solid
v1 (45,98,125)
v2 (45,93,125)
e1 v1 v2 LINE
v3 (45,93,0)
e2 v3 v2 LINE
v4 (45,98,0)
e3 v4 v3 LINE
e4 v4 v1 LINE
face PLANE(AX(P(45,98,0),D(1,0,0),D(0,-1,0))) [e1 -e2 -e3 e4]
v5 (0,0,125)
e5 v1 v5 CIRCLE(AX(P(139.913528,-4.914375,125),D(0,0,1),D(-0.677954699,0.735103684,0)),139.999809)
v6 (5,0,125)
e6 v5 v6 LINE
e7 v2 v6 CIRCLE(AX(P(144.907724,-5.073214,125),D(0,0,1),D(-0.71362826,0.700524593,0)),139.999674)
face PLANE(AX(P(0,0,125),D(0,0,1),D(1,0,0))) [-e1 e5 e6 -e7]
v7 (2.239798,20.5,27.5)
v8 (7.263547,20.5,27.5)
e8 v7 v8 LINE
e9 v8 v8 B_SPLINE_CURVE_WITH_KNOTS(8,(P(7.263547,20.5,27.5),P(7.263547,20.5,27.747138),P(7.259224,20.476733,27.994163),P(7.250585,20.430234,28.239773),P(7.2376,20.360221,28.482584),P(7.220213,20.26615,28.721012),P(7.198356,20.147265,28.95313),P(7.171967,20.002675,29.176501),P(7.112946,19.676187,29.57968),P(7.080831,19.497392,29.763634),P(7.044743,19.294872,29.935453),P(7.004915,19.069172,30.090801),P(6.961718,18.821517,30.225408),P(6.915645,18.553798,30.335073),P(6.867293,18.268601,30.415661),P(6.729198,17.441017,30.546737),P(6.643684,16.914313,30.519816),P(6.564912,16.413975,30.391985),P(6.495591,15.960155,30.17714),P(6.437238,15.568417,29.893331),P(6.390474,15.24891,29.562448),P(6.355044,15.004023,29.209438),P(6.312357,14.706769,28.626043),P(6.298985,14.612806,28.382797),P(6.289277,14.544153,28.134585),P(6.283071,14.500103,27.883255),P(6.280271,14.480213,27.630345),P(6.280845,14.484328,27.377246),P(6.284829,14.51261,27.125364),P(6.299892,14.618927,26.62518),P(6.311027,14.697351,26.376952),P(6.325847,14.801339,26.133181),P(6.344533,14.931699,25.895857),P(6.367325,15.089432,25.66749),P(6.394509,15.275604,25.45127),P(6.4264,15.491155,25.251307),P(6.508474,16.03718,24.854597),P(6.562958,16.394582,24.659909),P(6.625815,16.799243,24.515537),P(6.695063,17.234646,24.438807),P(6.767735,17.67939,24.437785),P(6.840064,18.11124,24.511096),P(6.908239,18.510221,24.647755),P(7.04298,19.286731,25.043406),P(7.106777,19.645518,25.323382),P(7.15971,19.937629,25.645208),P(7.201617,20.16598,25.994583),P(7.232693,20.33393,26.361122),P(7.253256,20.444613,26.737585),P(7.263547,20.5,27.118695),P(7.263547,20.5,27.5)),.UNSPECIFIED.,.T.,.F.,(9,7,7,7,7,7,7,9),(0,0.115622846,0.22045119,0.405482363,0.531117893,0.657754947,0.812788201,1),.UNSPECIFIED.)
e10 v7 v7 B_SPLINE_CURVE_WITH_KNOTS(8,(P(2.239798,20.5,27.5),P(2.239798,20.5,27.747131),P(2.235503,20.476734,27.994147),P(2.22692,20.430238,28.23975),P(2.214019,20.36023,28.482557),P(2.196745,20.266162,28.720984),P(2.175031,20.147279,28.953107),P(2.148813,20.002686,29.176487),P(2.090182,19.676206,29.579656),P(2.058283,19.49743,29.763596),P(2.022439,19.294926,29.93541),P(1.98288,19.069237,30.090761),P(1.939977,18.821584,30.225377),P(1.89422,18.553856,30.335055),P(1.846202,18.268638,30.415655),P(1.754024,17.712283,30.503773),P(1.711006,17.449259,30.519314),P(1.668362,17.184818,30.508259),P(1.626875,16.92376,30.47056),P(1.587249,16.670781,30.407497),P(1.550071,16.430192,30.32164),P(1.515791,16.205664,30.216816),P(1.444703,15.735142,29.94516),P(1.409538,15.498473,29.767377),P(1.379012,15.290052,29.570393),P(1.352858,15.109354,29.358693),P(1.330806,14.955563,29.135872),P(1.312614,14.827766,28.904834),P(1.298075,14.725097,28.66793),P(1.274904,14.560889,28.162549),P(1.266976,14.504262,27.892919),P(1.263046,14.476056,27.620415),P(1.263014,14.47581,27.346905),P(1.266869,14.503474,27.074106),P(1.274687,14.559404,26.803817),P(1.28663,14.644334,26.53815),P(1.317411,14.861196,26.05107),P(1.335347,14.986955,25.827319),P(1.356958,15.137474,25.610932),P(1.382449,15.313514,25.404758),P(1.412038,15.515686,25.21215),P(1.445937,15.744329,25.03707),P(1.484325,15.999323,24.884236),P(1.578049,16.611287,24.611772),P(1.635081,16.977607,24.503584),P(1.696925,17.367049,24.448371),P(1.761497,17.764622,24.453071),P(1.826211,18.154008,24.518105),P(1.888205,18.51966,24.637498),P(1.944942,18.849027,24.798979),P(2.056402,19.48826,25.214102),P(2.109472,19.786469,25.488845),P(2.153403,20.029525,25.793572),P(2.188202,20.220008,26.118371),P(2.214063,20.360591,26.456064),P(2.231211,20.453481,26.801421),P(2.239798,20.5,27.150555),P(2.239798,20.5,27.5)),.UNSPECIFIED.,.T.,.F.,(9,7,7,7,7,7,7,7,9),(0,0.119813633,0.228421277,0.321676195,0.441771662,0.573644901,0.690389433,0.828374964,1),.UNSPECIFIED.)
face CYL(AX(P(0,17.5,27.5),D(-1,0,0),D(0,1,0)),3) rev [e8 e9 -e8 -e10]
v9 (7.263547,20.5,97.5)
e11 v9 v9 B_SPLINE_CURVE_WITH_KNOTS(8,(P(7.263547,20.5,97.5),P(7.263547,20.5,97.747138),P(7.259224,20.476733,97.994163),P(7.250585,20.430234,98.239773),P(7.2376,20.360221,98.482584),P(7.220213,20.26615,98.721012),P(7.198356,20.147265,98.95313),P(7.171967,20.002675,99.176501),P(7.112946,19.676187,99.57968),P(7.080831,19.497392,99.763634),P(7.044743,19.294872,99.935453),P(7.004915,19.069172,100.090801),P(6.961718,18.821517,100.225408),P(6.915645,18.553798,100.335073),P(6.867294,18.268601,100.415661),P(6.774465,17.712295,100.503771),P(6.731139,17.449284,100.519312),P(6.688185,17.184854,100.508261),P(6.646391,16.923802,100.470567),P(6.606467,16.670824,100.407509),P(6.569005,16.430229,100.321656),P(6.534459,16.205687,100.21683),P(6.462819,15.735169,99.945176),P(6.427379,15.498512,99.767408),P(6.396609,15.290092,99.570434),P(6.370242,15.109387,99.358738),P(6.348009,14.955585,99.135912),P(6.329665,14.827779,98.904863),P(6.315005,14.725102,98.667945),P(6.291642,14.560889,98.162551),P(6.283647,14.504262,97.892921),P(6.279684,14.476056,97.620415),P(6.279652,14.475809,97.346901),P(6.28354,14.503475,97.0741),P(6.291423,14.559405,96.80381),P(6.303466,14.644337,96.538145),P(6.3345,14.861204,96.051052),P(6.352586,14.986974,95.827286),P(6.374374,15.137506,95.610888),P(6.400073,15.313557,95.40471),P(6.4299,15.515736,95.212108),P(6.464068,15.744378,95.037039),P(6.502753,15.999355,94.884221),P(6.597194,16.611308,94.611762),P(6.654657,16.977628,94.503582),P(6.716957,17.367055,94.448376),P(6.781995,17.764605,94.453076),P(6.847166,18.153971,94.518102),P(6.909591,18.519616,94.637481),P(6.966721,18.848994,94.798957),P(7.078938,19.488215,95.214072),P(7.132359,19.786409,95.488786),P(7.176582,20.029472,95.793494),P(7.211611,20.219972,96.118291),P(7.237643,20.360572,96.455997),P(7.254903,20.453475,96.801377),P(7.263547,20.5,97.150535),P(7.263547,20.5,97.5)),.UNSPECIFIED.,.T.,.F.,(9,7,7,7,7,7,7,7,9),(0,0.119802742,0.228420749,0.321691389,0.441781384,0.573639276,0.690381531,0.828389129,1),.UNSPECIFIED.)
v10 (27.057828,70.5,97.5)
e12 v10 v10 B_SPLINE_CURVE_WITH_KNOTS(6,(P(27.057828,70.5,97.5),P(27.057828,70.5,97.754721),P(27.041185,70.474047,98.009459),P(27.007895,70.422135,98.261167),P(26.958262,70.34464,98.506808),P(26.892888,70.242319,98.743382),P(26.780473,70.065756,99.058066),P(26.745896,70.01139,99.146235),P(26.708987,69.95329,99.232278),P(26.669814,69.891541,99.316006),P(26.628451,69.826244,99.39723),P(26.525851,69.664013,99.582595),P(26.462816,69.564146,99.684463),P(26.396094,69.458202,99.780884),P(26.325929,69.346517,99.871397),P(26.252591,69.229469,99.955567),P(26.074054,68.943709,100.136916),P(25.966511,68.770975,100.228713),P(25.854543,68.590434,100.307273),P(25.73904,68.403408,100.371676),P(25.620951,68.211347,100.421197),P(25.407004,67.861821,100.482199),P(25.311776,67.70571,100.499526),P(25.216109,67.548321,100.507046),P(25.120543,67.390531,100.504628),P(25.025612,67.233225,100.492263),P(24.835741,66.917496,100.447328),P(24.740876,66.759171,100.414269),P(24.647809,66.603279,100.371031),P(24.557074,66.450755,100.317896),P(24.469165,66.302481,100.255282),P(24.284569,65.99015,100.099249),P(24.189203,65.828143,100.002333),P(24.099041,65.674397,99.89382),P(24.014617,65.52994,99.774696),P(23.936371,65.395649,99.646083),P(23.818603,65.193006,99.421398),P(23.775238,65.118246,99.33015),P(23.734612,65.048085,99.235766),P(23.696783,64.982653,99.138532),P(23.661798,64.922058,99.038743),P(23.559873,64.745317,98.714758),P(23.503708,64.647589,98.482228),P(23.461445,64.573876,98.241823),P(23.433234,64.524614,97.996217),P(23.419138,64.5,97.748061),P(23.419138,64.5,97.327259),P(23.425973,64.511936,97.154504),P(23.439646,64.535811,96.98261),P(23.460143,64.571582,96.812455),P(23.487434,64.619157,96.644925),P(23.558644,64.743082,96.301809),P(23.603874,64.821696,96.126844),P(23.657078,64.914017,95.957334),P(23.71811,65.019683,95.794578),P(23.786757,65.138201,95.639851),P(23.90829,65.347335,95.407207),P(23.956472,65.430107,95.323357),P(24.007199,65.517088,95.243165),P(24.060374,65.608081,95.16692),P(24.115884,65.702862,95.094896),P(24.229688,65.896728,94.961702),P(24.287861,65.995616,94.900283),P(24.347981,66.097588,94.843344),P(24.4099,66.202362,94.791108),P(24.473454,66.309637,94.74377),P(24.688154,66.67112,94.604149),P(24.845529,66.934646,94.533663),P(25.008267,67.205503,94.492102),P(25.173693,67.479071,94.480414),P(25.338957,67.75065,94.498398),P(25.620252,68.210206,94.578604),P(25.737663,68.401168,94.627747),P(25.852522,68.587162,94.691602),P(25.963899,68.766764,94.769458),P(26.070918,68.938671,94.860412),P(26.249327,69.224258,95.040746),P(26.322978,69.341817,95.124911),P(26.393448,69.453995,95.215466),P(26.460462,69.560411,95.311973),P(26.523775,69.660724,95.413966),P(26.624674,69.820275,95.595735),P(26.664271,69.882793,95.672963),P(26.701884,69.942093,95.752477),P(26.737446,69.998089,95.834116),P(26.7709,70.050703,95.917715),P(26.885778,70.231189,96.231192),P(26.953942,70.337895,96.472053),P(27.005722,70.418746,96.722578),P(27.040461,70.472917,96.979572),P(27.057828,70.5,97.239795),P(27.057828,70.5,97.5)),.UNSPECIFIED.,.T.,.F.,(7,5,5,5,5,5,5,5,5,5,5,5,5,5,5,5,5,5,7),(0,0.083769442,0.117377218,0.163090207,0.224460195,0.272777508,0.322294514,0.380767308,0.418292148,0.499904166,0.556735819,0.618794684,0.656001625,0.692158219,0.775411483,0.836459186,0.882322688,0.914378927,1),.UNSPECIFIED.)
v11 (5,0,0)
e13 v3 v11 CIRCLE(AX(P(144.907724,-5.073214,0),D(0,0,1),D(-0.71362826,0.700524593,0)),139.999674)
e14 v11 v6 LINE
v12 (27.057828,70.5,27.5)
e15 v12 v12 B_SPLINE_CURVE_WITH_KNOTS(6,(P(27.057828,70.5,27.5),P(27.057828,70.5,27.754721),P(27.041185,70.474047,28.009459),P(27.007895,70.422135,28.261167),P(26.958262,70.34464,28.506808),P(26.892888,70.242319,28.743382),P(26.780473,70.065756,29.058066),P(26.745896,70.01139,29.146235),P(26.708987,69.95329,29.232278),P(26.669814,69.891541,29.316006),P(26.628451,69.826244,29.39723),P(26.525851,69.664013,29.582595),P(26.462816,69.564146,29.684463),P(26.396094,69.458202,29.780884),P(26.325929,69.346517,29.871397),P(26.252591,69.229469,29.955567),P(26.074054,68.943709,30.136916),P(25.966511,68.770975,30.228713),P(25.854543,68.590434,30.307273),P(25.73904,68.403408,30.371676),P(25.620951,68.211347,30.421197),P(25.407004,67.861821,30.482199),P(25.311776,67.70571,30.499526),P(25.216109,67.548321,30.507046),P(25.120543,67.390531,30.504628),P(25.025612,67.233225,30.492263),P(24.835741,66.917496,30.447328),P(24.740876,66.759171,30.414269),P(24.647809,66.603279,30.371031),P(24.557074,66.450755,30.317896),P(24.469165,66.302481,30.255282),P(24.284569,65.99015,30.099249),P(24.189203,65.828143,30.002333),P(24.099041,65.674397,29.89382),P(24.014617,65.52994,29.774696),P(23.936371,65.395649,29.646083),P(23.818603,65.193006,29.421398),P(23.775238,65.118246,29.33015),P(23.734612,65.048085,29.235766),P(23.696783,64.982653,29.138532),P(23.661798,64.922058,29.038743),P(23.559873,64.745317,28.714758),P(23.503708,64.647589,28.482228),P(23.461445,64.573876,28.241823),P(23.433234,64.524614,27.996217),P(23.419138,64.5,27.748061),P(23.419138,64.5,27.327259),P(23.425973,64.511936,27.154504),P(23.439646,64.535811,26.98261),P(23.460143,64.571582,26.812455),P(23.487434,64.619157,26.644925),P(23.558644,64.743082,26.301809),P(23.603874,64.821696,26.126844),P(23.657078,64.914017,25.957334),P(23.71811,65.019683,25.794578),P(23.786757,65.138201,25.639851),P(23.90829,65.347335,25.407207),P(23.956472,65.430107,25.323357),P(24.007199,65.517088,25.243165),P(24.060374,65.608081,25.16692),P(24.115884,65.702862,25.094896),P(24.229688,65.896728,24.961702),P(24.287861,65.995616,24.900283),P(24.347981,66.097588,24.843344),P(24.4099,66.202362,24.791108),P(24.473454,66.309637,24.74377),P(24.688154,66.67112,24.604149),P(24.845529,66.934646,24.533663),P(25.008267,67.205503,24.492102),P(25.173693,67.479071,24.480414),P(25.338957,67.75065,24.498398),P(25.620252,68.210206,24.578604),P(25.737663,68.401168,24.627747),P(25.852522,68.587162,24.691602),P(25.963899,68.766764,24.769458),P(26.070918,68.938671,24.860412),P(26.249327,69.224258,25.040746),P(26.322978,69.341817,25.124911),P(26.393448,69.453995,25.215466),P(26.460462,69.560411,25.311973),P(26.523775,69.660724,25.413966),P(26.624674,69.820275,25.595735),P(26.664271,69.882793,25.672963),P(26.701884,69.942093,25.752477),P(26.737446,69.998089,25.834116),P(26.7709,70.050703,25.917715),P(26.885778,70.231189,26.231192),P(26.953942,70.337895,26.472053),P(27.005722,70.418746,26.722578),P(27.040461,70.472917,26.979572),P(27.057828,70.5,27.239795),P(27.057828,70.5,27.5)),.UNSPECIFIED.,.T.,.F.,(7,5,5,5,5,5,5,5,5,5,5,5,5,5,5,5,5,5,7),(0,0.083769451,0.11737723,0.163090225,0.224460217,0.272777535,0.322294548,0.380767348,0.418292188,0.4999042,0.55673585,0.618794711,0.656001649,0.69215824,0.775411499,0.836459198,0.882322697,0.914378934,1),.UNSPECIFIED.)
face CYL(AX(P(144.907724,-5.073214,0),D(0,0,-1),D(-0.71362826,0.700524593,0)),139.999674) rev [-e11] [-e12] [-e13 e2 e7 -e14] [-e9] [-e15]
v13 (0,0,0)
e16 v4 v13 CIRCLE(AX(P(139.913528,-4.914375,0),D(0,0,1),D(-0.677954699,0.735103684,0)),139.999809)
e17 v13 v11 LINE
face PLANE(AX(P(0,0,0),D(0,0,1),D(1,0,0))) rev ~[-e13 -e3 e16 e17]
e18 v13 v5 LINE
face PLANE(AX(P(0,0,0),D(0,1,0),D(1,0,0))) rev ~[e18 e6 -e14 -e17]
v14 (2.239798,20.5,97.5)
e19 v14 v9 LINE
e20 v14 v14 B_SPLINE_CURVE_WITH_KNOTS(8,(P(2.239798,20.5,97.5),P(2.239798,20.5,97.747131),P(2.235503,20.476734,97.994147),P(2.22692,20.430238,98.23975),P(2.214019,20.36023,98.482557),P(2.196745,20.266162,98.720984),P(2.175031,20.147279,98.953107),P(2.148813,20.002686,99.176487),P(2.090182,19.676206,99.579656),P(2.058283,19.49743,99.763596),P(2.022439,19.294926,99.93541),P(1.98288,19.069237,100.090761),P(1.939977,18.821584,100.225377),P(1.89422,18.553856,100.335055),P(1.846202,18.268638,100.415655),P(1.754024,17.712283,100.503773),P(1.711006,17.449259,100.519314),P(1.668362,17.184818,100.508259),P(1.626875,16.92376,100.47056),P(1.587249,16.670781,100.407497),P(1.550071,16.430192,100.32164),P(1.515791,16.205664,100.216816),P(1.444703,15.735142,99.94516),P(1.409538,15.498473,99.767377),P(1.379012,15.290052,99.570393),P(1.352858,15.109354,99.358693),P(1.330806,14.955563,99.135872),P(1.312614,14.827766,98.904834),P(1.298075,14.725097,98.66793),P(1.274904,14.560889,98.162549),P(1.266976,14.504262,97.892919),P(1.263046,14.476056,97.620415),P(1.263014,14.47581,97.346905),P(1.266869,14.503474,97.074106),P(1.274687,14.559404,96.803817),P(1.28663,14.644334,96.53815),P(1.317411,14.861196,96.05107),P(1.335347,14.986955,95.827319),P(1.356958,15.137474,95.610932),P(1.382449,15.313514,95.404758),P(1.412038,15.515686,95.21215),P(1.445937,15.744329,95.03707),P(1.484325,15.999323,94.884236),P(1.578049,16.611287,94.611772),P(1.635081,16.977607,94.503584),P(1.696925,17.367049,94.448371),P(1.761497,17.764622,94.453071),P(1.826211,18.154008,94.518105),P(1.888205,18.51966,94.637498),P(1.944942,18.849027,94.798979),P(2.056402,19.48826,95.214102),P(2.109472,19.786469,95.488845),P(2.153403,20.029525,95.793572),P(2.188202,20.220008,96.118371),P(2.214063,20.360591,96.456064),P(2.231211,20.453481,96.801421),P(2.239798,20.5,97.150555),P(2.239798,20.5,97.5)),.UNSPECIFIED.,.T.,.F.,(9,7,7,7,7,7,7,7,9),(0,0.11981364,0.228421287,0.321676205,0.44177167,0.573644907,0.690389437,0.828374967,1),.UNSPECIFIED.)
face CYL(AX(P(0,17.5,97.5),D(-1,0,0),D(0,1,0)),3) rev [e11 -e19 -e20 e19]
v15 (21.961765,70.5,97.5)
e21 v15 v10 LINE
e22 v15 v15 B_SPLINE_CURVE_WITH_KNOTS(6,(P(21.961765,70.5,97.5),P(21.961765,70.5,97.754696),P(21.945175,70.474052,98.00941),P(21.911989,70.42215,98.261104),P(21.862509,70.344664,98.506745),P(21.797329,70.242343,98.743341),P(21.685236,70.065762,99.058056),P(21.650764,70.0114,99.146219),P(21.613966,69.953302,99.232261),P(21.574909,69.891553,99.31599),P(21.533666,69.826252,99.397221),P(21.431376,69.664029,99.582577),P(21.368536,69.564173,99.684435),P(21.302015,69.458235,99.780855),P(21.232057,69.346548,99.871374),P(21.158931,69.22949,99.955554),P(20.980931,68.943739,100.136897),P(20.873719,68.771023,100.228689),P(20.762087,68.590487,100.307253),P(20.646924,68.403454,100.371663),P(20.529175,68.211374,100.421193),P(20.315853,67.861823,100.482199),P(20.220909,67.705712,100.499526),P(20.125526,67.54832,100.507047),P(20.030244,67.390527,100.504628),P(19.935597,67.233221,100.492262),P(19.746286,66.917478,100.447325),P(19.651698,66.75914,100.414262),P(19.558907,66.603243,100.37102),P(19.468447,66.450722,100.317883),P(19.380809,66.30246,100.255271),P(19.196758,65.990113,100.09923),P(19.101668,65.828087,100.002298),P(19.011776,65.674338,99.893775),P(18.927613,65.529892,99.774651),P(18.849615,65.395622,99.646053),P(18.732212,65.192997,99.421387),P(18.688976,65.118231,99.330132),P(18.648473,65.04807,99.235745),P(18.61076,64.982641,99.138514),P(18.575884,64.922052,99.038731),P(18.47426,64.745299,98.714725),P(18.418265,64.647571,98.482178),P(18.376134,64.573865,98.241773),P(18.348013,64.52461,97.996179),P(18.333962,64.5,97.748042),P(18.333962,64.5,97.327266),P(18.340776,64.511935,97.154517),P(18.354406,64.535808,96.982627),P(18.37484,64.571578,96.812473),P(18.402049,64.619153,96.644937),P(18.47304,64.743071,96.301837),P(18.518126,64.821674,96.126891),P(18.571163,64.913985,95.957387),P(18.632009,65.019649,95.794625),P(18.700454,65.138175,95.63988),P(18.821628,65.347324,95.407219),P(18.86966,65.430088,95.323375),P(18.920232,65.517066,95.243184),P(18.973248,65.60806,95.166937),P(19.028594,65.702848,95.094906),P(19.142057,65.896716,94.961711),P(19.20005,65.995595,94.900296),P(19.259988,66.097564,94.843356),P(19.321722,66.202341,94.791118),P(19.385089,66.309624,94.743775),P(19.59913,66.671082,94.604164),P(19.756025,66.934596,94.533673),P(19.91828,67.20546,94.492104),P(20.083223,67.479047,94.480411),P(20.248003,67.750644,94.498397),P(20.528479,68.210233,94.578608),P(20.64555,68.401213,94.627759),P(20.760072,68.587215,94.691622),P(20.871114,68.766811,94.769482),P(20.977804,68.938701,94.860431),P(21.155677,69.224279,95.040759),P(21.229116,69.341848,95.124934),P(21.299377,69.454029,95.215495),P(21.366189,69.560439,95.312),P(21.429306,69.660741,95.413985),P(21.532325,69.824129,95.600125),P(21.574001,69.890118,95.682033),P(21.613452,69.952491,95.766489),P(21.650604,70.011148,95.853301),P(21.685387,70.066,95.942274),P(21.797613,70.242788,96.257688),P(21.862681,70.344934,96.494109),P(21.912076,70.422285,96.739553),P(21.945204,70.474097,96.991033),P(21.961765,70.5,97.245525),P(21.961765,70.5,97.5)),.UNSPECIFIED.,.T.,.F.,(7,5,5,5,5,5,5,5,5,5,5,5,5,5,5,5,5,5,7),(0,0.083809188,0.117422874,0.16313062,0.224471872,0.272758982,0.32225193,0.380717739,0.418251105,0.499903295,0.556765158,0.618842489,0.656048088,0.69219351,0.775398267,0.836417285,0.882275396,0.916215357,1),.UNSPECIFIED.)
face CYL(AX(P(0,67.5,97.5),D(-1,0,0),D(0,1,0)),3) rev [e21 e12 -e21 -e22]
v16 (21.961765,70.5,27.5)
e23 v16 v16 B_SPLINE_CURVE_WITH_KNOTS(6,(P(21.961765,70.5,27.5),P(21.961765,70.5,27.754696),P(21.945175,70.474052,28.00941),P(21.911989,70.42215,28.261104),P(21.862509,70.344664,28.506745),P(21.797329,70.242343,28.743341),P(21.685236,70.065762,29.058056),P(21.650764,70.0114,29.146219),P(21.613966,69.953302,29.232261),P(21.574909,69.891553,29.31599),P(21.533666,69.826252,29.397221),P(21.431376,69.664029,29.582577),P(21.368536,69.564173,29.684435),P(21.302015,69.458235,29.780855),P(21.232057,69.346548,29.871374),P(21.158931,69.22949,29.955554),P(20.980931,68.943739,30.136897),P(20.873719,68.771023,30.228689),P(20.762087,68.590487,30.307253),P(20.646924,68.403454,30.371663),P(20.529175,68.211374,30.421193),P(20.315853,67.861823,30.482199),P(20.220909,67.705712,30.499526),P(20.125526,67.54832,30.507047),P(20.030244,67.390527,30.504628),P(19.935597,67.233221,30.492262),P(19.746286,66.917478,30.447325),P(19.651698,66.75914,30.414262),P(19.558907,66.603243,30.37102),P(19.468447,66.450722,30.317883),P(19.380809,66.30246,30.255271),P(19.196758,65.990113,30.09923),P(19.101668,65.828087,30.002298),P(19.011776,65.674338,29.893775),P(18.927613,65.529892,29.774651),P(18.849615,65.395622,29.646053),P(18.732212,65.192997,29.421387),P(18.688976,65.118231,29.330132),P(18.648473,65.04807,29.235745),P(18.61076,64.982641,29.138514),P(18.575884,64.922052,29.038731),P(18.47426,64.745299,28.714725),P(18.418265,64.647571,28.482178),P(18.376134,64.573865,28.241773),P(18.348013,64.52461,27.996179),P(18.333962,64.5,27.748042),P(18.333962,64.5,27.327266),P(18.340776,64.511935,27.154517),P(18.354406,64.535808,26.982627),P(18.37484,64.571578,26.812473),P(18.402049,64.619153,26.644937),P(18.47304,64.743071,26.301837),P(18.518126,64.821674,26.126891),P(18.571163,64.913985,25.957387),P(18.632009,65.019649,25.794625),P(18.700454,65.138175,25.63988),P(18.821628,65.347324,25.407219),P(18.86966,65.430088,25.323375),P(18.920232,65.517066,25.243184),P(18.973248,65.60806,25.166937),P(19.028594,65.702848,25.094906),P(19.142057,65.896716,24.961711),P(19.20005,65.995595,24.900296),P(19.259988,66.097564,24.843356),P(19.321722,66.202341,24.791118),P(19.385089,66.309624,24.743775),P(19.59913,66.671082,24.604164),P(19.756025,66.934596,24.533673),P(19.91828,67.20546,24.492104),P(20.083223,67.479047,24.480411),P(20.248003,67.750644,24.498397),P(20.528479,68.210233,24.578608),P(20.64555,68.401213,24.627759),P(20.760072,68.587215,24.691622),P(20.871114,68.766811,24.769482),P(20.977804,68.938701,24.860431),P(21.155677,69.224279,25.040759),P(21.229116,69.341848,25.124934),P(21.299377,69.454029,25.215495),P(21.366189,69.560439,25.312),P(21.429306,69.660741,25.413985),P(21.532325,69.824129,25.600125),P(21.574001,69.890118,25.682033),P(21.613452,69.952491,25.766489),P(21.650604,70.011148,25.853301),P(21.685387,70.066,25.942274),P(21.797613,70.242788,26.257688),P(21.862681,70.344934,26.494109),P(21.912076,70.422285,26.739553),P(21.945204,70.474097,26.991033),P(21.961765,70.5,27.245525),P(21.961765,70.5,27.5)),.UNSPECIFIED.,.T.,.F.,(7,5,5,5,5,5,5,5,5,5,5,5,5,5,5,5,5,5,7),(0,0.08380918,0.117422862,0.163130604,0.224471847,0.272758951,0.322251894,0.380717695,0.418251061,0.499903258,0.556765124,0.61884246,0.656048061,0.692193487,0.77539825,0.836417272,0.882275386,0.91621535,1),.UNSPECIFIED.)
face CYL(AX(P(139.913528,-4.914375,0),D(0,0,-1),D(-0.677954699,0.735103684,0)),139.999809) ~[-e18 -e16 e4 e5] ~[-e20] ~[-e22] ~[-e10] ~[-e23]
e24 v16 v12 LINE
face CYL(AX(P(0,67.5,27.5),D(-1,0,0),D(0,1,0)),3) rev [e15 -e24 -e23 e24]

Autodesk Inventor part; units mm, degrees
ref_plane "YZ Plane" through (0, 0, 0) normal (1, 0, 0) x (0, 1, 0)
ref_plane "XZ Plane" through (0, 0, 0) normal (0, 1, 0) x (-1, 0, 0)
ref_plane "XY Plane" through (0, 0, 0) normal (0, 0, 1) x (1, 0, 0)
sketch "Sketch1" plane through (0, 0, 0) normal (0, 0, 1) x (1, 0, 0)
  arc A0 (45, 98) -> (0, 0) centre (139.9137, -4.9145) ccw
  line L0 (45, 98) -> (45, 93)
  line L1 (0, 0) -> (5, 0)
  arc A1 (45, 93) -> (5, 0) centre (144.908, -5.0734) ccw
  dimension "d0" = 140
  dimension "d1" = 98
  dimension "d3" = 45
  dimension "d4" = 5
  dimension "d5" = 5
  dimension "d6" = 140
extrude "Extrusion1" add sketch "Sketch1" along normal blind 125
sketch "Sketch2" plane through (0, 0, 0) normal (1, 0, 0) x (0, 1, 0)
  circle A0 centre (67.5, 27.5) radius 3
  circle A1 centre (17.5, 27.5) radius 3
  line L0 (98, 0) -> (98, 125) projected
  circle A2 centre (67.5, 97.5) radius 3
  circle A3 centre (17.5, 97.5) radius 3
  point P0 (0, 0)
  dimension "d9" = 6
  dimension "d10" = 6
  dimension "d11" = 27.5
  dimension "d12" = 50
  dimension "d13" = 30.5
  dimension "d14" = 6
  dimension "d15" = 6
  dimension "d16" = 70
extrude "Extrusion2" cut sketch "Sketch2" along normal through all
properties part number "SJ009" material "ABS Plastic"
